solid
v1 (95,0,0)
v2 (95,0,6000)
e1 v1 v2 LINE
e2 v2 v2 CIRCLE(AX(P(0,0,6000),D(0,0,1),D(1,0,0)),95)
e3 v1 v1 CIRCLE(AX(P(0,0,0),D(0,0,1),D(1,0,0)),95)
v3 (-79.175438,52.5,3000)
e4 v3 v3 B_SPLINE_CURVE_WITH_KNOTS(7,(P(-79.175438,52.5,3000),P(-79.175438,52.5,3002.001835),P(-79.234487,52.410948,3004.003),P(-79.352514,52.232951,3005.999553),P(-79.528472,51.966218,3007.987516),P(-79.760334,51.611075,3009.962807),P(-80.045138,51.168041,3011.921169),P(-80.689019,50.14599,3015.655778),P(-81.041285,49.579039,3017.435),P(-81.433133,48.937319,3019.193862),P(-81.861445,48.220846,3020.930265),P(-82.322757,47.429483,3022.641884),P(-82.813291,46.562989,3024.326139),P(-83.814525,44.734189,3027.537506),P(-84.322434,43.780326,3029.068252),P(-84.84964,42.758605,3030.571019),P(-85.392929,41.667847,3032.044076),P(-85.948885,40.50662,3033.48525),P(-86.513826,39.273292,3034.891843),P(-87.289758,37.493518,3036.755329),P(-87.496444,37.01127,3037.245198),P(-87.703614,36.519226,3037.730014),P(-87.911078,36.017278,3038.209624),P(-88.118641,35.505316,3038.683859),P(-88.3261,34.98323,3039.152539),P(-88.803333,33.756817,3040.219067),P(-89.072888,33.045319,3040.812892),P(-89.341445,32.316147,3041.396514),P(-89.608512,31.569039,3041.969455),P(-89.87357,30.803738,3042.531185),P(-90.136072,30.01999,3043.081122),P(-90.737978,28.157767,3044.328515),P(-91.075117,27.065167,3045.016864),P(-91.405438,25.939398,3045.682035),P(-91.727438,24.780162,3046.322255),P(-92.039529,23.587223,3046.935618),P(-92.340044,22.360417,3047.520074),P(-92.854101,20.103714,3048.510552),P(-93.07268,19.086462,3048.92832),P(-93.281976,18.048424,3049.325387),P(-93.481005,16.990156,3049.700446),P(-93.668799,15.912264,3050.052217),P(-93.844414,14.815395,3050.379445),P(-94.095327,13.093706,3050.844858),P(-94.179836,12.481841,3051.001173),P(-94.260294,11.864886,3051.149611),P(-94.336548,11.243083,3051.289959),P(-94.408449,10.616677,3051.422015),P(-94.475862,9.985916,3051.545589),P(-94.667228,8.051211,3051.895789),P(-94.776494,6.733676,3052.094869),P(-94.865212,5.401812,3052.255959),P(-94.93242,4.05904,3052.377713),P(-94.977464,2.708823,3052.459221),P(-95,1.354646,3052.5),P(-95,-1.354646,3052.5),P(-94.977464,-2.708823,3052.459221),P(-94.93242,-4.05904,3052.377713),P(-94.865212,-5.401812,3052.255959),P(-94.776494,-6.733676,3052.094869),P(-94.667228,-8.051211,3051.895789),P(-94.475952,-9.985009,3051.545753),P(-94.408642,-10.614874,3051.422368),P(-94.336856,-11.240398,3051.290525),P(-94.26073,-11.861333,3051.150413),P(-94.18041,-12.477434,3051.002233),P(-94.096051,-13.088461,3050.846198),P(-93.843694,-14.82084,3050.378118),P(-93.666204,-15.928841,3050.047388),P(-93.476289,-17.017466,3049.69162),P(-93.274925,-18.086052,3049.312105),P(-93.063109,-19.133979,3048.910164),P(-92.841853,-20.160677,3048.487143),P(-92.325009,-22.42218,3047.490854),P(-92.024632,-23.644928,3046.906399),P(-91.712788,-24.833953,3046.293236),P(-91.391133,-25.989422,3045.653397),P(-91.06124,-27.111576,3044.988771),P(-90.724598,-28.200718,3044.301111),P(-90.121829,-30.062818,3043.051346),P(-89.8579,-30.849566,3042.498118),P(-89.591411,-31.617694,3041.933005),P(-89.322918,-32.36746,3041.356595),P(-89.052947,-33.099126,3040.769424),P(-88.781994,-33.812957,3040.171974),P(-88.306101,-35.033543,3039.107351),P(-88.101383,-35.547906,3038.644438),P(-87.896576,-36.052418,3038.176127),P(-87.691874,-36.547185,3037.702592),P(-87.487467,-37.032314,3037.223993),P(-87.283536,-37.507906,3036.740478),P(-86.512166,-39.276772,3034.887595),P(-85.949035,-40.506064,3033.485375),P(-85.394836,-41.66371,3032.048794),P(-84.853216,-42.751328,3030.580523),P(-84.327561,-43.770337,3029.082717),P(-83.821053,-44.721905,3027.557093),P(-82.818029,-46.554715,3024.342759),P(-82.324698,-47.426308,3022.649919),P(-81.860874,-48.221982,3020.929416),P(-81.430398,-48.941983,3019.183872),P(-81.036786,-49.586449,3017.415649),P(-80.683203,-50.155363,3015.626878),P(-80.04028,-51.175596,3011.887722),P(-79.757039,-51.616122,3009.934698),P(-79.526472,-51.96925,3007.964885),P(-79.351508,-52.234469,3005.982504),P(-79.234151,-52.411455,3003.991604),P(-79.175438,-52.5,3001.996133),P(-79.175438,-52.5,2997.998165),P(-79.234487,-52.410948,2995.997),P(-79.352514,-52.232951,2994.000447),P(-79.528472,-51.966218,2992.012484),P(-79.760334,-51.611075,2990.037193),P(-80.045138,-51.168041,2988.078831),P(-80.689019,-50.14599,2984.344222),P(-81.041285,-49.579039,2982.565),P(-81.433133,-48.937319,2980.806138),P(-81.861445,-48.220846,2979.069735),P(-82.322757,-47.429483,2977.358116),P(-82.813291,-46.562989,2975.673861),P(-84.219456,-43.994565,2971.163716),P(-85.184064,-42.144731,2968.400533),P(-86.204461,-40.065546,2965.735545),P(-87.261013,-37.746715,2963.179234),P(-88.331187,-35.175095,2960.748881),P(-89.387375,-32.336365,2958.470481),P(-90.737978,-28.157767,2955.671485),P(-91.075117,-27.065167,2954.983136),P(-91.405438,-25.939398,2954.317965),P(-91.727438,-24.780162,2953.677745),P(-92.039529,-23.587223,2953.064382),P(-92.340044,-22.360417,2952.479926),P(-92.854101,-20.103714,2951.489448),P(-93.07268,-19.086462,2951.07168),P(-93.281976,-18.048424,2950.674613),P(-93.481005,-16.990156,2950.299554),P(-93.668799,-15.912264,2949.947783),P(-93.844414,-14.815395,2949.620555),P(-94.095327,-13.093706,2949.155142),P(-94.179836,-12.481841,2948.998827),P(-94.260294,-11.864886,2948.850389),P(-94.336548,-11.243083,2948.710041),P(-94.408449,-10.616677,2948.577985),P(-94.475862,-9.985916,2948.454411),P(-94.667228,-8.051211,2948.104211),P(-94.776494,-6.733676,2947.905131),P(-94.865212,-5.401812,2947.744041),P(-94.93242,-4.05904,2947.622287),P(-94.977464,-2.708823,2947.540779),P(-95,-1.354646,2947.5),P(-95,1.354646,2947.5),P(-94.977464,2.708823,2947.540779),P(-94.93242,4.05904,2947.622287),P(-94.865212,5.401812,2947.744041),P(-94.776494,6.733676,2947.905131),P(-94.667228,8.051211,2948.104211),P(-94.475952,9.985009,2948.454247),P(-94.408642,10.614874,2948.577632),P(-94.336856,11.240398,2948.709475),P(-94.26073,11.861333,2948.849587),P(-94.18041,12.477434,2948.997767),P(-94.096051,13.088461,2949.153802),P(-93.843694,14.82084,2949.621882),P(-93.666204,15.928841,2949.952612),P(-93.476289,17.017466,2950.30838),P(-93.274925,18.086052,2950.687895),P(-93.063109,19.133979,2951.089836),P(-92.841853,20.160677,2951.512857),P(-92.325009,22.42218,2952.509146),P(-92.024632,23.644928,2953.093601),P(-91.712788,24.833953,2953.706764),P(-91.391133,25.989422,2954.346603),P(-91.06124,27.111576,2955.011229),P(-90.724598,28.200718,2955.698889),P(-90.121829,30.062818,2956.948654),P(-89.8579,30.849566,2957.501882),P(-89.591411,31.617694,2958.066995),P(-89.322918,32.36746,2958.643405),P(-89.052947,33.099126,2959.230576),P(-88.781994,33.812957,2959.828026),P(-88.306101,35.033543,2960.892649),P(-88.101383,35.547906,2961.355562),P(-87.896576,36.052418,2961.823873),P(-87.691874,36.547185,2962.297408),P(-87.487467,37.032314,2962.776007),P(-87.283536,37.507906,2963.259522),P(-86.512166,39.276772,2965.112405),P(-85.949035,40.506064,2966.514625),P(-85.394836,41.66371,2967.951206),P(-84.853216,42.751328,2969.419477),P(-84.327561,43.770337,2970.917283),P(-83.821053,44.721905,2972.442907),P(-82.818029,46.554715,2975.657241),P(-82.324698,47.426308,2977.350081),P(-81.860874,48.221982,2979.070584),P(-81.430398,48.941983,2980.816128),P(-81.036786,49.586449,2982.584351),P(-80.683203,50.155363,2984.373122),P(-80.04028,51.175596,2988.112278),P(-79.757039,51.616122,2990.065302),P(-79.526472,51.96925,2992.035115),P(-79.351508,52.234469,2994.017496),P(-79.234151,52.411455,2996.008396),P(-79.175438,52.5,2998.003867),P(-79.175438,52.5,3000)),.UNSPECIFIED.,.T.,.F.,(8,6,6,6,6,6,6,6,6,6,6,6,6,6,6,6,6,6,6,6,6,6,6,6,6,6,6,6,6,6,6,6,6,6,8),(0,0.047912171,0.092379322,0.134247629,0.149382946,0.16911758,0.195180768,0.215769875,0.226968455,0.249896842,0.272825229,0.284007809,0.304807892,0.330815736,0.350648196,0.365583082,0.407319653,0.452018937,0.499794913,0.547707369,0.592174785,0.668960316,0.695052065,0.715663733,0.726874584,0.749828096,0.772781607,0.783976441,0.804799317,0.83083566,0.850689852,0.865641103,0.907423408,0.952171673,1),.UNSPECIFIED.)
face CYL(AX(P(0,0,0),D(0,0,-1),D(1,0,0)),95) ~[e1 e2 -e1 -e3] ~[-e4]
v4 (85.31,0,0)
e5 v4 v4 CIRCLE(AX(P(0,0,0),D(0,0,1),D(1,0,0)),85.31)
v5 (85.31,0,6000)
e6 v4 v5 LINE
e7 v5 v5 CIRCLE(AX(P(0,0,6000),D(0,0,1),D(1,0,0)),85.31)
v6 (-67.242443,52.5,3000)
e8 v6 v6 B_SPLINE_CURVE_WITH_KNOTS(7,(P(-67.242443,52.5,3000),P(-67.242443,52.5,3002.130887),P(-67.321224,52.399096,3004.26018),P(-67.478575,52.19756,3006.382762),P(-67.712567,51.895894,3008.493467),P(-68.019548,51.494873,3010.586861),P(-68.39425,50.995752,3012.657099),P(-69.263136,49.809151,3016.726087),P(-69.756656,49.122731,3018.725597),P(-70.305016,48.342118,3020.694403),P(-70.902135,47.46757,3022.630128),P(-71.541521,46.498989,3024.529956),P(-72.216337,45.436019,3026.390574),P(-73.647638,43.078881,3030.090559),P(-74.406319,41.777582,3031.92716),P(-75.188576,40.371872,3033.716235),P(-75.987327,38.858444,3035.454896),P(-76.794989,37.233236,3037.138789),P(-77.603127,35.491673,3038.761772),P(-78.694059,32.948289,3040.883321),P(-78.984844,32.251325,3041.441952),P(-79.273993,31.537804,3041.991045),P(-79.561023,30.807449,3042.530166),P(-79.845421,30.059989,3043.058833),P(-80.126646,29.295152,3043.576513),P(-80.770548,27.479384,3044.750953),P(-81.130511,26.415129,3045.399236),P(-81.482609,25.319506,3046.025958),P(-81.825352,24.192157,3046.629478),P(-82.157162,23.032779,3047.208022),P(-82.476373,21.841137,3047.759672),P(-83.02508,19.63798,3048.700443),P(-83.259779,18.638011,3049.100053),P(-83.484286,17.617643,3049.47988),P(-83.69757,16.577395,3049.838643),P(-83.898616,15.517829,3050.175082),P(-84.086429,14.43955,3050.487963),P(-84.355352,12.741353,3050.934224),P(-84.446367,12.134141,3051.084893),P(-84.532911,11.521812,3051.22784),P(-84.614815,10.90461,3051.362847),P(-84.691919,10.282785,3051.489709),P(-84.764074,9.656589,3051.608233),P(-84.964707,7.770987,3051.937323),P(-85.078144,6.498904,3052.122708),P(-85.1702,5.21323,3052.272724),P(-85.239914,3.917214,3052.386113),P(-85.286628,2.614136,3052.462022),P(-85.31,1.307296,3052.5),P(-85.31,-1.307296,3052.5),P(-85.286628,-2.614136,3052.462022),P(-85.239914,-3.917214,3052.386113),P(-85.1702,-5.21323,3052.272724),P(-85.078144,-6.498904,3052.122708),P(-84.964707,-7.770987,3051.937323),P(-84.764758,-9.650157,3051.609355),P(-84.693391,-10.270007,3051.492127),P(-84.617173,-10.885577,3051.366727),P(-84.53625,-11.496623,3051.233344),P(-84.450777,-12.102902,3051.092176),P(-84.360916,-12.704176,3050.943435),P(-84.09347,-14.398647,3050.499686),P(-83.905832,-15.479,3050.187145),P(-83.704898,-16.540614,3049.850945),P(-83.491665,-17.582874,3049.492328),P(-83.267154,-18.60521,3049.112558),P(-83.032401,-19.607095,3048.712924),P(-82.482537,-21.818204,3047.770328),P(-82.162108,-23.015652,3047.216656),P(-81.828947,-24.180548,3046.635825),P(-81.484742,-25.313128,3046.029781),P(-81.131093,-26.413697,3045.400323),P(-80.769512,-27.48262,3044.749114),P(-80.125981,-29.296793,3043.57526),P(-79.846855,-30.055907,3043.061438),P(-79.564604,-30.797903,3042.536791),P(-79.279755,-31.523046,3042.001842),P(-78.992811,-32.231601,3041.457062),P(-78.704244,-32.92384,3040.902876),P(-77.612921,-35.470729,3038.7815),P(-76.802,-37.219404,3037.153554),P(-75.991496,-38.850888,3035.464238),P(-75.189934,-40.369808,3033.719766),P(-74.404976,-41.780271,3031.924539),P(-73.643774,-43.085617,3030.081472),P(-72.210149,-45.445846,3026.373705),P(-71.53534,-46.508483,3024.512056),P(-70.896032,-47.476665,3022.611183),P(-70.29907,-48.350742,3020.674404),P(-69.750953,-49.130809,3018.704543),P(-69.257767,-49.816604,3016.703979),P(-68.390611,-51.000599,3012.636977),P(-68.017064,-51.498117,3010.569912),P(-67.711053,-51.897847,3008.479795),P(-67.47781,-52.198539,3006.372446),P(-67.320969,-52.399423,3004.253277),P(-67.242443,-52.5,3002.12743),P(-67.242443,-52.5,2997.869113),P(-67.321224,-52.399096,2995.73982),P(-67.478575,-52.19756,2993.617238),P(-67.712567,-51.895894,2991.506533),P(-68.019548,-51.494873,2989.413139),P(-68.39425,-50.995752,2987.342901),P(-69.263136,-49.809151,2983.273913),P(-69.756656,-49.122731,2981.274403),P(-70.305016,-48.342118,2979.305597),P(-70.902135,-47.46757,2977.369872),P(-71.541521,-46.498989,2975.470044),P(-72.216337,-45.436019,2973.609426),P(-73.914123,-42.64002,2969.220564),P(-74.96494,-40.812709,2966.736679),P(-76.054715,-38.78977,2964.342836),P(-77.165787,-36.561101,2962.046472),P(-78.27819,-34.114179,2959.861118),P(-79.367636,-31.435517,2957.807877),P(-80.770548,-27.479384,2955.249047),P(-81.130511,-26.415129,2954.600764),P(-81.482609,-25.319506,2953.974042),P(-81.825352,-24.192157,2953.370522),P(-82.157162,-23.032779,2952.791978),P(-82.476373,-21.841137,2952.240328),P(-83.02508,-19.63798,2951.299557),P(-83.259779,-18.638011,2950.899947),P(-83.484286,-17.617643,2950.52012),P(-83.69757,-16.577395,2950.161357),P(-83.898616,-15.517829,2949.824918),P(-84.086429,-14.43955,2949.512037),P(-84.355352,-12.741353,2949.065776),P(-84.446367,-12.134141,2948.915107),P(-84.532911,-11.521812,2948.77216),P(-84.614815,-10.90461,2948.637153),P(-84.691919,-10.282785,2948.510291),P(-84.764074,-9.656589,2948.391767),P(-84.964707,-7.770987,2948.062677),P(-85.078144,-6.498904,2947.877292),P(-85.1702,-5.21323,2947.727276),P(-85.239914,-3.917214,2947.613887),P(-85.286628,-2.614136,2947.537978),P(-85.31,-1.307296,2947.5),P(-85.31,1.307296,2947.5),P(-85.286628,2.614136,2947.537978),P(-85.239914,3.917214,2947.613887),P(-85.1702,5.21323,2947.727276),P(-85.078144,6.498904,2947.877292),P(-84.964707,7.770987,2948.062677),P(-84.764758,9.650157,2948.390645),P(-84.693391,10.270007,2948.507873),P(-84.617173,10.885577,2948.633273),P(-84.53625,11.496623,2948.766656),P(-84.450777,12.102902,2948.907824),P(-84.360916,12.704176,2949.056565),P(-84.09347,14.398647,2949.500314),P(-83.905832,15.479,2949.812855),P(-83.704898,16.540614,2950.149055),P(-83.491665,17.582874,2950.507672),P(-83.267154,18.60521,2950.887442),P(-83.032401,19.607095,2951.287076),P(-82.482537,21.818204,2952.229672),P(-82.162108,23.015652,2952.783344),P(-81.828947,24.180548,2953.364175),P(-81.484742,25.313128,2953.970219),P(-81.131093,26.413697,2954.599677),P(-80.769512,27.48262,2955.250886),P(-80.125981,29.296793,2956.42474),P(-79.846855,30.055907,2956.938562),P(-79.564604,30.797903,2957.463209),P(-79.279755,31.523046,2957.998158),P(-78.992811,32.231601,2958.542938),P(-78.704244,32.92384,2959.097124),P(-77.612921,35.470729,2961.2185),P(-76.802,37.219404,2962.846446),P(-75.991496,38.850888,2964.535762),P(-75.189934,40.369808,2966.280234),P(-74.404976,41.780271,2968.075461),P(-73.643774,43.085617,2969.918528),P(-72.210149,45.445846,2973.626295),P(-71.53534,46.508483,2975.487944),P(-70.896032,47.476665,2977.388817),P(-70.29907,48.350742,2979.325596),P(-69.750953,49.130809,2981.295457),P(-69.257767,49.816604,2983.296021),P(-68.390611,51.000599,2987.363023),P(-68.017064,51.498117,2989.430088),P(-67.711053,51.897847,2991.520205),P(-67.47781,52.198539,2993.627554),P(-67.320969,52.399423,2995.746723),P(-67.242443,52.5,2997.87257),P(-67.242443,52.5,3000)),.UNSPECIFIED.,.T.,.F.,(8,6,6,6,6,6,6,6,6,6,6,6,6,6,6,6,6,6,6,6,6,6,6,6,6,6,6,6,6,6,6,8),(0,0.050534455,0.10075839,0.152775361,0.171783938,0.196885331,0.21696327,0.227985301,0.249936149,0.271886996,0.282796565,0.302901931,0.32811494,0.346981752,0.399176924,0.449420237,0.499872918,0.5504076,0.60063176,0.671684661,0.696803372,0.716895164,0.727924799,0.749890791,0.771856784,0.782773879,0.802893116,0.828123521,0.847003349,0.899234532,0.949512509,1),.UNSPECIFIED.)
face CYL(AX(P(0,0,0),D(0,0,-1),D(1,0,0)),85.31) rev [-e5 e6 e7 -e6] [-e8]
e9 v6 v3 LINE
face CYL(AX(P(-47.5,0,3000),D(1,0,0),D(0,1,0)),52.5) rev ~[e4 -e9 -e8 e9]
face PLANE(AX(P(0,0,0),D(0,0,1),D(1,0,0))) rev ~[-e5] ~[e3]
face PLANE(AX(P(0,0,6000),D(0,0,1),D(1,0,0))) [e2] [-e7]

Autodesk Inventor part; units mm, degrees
ref_plane "XZ Plane" through (0, 0, 0) normal (0, 1, 0) x (-1, 0, 0)
ref_plane "XY Plane" through (0, 0, 0) normal (0, 0, 1) x (1, 0, 0)
sketch "Boceto1" plane through (0, 0, 0) normal (0, 0, 1) x (1, 0, 0)
  circle A0 centre (0, 0) radius 95
  circle A1 centre (0, 0) radius 85.31
  dimension "d0" = 190
  dimension "d1" = 170.62
extrude "Extrusión1" add sketch "Boceto1" along normal blind 6000
ref_plane "Plano de trabajo5" through (-47.5, 0, 0) normal (1, 0, 0) x (0, 1, 0)
sketch "Boceto7" plane through (-47.5, 0, 0) normal (1, 0, 0) x (0, 1, 0)
  line L0 (0, 0) -> (0, 3000) construction
  circle A0 centre (0, 3000) radius 52.5
  dimension "d22" = 105
extrude "Extrusión6" cut sketch "Boceto7" along normal mid plane 100
properties part number "Tubo para aspersores 2"
